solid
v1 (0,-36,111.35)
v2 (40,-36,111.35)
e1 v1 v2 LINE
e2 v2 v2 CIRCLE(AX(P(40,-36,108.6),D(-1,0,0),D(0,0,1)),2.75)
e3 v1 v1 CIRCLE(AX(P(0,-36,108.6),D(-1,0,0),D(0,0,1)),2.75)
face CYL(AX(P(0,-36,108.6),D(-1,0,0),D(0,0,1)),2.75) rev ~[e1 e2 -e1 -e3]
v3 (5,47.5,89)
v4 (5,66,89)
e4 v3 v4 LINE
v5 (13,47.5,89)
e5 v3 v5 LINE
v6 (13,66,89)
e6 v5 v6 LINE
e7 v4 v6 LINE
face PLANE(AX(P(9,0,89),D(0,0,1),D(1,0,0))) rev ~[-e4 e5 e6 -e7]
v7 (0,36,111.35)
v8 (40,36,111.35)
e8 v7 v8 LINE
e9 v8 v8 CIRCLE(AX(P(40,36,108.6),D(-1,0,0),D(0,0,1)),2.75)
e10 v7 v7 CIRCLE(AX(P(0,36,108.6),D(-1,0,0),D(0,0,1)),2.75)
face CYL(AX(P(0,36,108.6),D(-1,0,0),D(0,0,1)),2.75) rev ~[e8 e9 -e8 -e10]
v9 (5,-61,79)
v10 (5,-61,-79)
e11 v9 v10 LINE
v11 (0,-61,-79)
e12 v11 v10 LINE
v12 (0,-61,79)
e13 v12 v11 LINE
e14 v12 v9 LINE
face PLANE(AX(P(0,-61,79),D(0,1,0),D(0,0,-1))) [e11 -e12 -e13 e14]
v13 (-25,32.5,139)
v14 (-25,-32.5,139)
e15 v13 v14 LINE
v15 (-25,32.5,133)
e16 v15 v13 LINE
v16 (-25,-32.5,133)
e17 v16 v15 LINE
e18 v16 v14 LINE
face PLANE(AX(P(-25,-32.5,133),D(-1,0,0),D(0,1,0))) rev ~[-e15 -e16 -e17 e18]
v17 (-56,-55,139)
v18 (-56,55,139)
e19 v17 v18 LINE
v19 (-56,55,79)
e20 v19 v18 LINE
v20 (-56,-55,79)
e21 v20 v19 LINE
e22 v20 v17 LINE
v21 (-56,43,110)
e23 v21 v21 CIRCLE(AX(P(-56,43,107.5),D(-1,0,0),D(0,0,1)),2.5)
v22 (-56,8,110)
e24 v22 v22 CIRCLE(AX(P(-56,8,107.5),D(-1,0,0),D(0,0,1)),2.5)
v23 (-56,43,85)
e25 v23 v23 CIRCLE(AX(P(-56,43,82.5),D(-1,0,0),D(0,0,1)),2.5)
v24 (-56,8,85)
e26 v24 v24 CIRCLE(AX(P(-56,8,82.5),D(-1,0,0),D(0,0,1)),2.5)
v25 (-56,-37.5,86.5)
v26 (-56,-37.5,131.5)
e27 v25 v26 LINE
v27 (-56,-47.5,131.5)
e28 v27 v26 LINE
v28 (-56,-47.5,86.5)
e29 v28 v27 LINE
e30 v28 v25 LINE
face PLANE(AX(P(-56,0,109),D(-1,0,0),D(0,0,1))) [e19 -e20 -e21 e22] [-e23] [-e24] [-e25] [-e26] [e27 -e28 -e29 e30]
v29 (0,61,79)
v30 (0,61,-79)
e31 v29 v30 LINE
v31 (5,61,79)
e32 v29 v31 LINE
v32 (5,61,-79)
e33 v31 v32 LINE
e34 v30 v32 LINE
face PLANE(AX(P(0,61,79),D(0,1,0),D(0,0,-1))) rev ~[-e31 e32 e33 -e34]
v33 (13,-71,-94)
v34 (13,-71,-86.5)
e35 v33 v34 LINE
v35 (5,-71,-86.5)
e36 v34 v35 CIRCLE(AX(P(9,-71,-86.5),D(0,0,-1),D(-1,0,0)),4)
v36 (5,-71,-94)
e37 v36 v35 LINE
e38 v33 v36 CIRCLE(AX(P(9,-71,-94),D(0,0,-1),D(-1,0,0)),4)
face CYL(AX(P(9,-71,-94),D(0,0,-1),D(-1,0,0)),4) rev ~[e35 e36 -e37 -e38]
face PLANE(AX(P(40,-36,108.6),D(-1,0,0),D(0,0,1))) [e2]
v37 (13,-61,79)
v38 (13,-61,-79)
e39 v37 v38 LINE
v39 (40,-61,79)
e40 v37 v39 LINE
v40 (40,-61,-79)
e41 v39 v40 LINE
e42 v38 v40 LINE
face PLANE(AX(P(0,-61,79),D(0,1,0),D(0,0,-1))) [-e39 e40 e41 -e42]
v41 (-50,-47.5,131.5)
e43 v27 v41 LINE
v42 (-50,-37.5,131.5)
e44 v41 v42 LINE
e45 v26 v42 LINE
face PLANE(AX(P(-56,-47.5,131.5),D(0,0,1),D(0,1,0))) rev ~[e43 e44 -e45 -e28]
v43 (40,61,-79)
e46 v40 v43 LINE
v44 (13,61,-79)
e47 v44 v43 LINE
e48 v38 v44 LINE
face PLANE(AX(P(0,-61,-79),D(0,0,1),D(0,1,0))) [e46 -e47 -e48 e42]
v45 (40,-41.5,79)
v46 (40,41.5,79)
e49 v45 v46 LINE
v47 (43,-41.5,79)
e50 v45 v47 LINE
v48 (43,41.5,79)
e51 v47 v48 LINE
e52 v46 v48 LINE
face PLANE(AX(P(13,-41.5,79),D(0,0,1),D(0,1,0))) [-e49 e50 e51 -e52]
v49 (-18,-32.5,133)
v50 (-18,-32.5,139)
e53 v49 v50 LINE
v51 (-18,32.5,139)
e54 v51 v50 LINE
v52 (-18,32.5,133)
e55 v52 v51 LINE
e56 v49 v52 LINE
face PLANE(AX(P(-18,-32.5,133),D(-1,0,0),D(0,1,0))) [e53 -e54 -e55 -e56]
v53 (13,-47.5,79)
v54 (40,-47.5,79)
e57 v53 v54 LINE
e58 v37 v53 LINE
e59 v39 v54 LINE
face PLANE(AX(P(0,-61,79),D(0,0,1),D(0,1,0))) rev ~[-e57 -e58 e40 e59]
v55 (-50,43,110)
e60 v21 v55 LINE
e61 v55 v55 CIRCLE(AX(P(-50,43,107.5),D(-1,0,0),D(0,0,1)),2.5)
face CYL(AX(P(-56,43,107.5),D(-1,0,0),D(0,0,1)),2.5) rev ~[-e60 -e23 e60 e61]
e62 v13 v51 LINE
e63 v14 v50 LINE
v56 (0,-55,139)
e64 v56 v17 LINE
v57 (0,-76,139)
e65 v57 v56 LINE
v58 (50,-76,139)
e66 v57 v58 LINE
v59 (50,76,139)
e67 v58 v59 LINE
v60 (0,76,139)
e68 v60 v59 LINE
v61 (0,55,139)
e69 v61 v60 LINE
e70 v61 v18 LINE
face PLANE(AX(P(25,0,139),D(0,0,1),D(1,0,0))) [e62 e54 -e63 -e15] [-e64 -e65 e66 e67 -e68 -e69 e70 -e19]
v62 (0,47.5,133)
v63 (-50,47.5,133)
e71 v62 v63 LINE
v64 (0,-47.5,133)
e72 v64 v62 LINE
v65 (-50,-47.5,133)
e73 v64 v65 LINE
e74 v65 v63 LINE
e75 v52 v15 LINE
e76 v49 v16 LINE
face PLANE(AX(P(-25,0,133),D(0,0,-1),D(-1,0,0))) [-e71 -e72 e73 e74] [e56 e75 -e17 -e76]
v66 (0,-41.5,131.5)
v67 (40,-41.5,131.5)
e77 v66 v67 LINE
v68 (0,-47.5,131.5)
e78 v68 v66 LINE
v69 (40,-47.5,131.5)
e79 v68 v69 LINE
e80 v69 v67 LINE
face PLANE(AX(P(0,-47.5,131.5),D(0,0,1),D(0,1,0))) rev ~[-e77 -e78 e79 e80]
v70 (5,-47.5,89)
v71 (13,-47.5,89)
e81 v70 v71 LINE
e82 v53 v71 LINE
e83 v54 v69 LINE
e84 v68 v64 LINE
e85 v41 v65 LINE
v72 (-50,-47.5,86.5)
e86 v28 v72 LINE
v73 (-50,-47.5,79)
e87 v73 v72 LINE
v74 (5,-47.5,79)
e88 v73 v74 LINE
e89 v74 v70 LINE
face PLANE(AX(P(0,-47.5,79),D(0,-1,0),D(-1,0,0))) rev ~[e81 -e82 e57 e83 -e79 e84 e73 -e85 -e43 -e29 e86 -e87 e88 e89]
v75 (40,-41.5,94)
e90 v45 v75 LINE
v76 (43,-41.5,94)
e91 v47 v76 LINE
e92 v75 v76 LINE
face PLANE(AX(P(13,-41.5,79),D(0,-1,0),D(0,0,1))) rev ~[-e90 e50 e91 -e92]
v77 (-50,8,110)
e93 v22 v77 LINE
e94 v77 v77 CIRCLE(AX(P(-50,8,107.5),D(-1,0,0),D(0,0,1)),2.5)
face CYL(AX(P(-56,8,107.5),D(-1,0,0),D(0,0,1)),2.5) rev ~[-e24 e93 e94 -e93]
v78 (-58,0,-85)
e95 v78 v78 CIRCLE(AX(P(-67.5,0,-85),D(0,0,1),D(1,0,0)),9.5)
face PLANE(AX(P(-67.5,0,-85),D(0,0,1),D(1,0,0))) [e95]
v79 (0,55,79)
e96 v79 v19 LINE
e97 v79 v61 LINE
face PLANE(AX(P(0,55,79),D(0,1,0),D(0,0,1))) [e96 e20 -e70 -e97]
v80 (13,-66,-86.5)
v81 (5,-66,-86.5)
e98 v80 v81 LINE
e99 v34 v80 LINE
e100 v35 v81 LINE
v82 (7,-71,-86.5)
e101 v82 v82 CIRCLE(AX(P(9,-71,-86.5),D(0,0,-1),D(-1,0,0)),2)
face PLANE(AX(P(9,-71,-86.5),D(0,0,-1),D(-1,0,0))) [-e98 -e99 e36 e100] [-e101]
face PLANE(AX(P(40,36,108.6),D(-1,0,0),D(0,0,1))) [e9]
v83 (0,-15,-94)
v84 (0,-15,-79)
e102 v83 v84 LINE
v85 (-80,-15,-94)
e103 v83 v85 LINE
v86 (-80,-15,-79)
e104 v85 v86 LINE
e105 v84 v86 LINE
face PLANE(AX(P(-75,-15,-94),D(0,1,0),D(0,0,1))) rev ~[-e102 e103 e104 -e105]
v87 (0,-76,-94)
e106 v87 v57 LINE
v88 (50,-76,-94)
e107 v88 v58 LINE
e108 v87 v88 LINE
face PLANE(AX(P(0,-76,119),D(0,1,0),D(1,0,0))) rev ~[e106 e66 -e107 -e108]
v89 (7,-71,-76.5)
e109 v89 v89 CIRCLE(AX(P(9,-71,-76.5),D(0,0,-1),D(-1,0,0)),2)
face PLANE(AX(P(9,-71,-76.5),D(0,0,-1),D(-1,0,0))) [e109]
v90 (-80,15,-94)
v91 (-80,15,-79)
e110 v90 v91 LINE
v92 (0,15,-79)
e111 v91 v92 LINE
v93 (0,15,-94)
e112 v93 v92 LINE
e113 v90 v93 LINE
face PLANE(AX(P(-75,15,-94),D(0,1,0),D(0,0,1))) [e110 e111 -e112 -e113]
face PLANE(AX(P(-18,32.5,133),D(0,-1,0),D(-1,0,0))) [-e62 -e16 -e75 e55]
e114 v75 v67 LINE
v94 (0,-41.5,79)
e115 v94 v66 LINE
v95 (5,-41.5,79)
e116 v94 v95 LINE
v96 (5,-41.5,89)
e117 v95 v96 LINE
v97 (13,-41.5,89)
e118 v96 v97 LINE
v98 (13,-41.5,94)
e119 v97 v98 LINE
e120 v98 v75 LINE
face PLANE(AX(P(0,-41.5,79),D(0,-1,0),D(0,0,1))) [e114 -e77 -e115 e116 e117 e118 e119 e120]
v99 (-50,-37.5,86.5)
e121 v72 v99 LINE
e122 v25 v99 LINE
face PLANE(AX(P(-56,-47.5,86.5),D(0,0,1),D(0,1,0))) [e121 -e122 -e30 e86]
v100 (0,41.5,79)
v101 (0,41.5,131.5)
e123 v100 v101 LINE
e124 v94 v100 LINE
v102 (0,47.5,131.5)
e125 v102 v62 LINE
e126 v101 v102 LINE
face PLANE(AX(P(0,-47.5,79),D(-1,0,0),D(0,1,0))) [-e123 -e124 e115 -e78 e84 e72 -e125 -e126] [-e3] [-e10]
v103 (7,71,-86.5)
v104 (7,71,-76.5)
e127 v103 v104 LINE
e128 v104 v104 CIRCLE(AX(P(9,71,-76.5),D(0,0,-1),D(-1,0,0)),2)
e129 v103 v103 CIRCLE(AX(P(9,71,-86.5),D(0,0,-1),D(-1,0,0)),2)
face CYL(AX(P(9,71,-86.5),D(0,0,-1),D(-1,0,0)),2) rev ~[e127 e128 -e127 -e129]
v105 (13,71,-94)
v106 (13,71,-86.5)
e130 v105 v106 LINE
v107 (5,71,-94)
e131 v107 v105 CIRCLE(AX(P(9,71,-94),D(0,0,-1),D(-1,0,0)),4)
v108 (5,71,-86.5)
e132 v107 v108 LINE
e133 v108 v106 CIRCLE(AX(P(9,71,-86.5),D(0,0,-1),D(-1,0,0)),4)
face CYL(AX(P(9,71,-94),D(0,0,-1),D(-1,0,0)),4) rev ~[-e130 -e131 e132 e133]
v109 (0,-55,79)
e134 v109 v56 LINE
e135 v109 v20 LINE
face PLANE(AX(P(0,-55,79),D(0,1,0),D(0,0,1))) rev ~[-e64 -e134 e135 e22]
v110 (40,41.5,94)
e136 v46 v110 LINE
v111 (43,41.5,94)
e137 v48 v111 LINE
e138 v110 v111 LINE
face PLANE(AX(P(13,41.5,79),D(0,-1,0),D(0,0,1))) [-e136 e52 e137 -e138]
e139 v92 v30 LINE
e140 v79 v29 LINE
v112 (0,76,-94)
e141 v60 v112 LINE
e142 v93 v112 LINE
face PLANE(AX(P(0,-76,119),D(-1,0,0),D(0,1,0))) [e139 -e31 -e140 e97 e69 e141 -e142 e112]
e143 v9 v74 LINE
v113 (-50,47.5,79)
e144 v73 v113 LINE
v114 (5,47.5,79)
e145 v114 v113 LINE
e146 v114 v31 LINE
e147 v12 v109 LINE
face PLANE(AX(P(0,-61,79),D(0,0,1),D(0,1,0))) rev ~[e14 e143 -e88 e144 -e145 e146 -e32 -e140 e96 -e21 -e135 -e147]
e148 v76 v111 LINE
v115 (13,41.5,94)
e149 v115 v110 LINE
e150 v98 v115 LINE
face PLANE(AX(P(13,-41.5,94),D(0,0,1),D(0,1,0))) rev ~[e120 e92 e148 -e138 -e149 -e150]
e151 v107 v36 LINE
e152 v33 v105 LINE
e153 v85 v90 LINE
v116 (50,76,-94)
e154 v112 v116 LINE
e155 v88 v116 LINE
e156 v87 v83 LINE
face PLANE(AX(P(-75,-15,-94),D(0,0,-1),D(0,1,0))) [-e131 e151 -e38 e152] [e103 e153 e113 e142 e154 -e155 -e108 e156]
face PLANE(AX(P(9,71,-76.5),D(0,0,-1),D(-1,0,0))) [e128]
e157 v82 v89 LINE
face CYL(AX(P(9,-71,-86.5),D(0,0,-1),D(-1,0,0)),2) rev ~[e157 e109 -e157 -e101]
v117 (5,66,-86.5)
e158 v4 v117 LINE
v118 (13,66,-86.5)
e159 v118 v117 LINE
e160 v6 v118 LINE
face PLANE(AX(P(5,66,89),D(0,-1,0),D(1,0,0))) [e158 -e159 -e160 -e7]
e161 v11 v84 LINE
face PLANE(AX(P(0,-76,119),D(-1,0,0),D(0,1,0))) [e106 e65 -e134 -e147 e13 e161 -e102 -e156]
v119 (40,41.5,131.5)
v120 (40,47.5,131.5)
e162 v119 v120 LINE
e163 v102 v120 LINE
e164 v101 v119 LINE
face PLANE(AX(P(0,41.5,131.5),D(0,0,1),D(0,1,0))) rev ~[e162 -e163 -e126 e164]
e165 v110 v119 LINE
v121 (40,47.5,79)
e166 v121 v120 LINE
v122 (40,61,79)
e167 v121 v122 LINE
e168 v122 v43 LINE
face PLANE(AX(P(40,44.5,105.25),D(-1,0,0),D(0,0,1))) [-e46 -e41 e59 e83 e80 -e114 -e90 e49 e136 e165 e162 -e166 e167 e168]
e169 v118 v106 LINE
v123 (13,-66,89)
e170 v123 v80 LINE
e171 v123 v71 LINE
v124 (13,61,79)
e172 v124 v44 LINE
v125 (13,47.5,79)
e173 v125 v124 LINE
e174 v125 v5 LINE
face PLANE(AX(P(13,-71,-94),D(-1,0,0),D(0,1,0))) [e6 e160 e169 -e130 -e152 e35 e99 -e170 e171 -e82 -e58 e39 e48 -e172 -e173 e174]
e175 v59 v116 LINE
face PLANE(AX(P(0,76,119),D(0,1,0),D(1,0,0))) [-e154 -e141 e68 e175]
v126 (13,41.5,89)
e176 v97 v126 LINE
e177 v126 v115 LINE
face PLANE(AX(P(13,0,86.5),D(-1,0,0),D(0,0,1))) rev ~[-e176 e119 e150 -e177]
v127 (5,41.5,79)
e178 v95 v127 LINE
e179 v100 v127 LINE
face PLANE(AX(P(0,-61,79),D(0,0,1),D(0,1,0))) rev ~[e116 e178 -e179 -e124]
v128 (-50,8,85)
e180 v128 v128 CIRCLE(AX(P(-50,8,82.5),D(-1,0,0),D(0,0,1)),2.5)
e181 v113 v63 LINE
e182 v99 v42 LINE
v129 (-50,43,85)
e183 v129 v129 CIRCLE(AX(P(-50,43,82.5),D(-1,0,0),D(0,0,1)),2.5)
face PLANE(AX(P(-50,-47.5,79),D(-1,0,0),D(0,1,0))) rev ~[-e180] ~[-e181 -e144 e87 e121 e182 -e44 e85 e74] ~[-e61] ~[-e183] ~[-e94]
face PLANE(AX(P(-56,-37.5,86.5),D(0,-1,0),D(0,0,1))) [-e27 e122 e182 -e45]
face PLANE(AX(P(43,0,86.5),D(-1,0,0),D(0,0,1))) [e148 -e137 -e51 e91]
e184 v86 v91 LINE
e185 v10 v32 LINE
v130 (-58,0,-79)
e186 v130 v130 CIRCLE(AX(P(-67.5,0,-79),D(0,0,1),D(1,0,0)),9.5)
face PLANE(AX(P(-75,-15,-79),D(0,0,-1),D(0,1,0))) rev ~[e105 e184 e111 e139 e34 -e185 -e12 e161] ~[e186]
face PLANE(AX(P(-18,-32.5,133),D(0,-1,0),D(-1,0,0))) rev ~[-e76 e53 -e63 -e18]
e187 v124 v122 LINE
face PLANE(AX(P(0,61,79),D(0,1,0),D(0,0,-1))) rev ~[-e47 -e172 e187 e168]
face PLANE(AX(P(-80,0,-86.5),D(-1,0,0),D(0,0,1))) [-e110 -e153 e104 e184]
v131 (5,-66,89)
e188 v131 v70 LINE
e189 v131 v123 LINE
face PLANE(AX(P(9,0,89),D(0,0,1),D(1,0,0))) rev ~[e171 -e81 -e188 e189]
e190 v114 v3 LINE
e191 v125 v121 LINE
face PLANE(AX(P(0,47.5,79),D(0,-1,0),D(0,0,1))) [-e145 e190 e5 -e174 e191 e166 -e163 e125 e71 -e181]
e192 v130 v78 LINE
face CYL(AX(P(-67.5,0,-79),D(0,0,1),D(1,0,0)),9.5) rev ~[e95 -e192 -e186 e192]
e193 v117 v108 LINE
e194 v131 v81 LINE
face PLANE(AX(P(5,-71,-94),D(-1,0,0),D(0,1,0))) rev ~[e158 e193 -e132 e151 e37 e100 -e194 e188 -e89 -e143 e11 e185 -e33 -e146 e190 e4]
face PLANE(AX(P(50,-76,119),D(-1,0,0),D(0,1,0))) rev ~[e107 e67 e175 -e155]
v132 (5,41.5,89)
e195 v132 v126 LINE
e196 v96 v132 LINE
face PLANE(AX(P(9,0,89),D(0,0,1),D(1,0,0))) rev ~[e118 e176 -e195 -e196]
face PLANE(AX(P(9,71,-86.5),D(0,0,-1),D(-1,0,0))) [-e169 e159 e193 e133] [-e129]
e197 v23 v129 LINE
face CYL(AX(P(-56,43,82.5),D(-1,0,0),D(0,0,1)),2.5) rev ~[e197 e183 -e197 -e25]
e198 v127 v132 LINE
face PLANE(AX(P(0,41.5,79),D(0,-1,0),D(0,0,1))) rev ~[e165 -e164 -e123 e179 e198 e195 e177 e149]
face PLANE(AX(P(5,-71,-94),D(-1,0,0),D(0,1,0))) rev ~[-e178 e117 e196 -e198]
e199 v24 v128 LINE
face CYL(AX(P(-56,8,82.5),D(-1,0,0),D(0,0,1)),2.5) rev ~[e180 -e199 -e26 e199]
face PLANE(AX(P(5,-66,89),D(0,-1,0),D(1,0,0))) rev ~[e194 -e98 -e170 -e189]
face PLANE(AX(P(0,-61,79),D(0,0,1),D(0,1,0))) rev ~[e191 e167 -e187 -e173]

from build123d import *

# Parameters (mm, degrees)
SKETCH1_W                = 238
SKETCH1_H                = 152
SKETCH1_W_2              = 158
SKETCH1_H_2              = 122
BOSS_EXTRUDE1_DEPTH      = 50
SKETCH4_W                = 158
SKETCH4_H                = 122
BOSS_EXTRUDE2_DEPTH      = 10
CUT_EXTRUDE1_START       = -30
SKETCH5_W                = 8
SKETCH5_H                = 132
CUT_EXTRUDE1_DEPTH       = 204
SKETCH8_W                = 25
SKETCH8_H                = 152
CUT_EXTRUDE3_DEPTH       = 50
SKETCH11_W               = 15
SKETCH11_H               = 30
BOSS_EXTRUDE4_DEPTH      = 75
SKETCH16_W               = 15
SKETCH16_H               = 30
BOSS_EXTRUDE6_DEPTH      = 5
SKETCH18_R               = 4
SKETCH18_W               = 8
SKETCH18_H               = 5
CUT_EXTRUDE8_DEPTH       = 7.5
SKETCH19_R               = 2
CUT_EXTRUDE9_DEPTH       = 10
SKETCH20_W               = 50
SKETCH20_H               = 152
BOSS_EXTRUDE7_DEPTH      = 20
SKETCH21_W               = 60
SKETCH21_H               = 110
BOSS_EXTRUDE8_DEPTH      = 56
SKETCH22_W               = 50
SKETCH22_H               = 95
CUT_EXTRUDE10_DEPTH      = 54
SKETCH24_R               = 2.75
CUT_EXTRUDE11_DEPTH      = 1
CUT_EXTRUDE11_DEPTH_BACK = 40
SKETCH25_W               = 7
SKETCH25_H               = 65
CUT_EXTRUDE12_DEPTH      = 12
SKETCH26_W               = 52.5
SKETCH26_H               = 6
CUT_EXTRUDE13_DEPTH      = 40
SKETCH27_W               = 15
SKETCH27_H               = 83
CUT_EXTRUDE14_DEPTH      = 30
SKETCH29_R               = 9.5
CUT_EXTRUDE15_DEPTH      = 6
SKETCH30_R               = 2.5
CUT_EXTRUDE16_DEPTH      = 6
SKETCH34_W               = 45
SKETCH34_H               = 10
CUT_EXTRUDE17_DEPTH      = 10


with BuildPart() as part:
    # Sketch1 → Boss-Extrude1 (new body)
    with BuildSketch(Plane(origin=(0, 0, 0), x_dir=(0, 0, -1), z_dir=(1, 0, 0))):
        Rectangle(SKETCH1_W, SKETCH1_H)
        Rectangle(SKETCH1_W_2, SKETCH1_H_2, mode=Mode.SUBTRACT)
    extrude(amount=BOSS_EXTRUDE1_DEPTH)

    # Sketch4 → Boss-Extrude2 (add)
    with BuildSketch(Plane(origin=(50, 0, 0), x_dir=(0, 0, -1), z_dir=(1, 0, 0))):
        Rectangle(SKETCH4_W, SKETCH4_H)
    extrude(amount=-BOSS_EXTRUDE2_DEPTH)

    # Sketch5 → Cut-Extrude1 (cut)
    with BuildSketch(Plane.XY.offset(119).offset(CUT_EXTRUDE1_START)):
        with Locations((9, 0)):
            Rectangle(SKETCH5_W, SKETCH5_H)
    extrude(amount=-CUT_EXTRUDE1_DEPTH, mode=Mode.SUBTRACT)

    # Sketch8 → Cut-Extrude3 (cut)
    with BuildSketch(Plane.ZY):
        with Locations((-106.5, 0)):
            Rectangle(SKETCH8_W, SKETCH8_H)
    extrude(amount=-CUT_EXTRUDE3_DEPTH, mode=Mode.SUBTRACT)

    # Sketch11 → Boss-Extrude4 (add)
    with BuildSketch(Plane.ZY):
        with Locations((-86.5, 0)):
            Rectangle(SKETCH11_W, SKETCH11_H)
    extrude(amount=BOSS_EXTRUDE4_DEPTH)

    # Sketch16 → Boss-Extrude6 (add)
    with BuildSketch(Plane.ZY.offset(75)):
        with Locations((-86.5, 0)):
            Rectangle(SKETCH16_W, SKETCH16_H)
    extrude(amount=BOSS_EXTRUDE6_DEPTH)

    # Sketch18 → Cut-Extrude8 (cut)
    with BuildSketch(Plane(origin=(0, 0, -94), x_dir=(-1, 0, 0), z_dir=(0, 0, -1))):
        with Locations((-9, 71)):
            Circle(SKETCH18_R)
        with Locations((-9, -71)):
            Circle(SKETCH18_R)
        with Locations((-9, 68.5)):
            Rectangle(SKETCH18_W, SKETCH18_H)
        with Locations((-9, -68.5)):
            Rectangle(SKETCH18_W, SKETCH18_H)
    extrude(amount=-CUT_EXTRUDE8_DEPTH, mode=Mode.SUBTRACT)

    # Sketch19 → Cut-Extrude9 (cut)
    with BuildSketch(Plane(origin=(0, 0, -86.5), x_dir=(-1, 0, 0), z_dir=(0, 0, -1))):
        with Locations((-9, 71)):
            Circle(SKETCH19_R)
        with Locations((-9, -71)):
            Circle(SKETCH19_R)
    extrude(amount=-CUT_EXTRUDE9_DEPTH, mode=Mode.SUBTRACT)

    # Sketch20 → Boss-Extrude7 (add)
    with BuildSketch(Plane.XY.offset(119)):
        with Locations((25, 0)):
            Rectangle(SKETCH20_W, SKETCH20_H)
    extrude(amount=BOSS_EXTRUDE7_DEPTH)

    # Sketch21 → Boss-Extrude8 (add)
    with BuildSketch(Plane.ZY):
        with Locations((109, 0)):
            Rectangle(SKETCH21_W, SKETCH21_H)
    extrude(amount=BOSS_EXTRUDE8_DEPTH)

    # Sketch22 → Cut-Extrude10 (cut)
    with BuildSketch(Plane(origin=(0, 0, 79), x_dir=(-1, 0, 0), z_dir=(0, 0, -1))):
        with Locations((25, 0)):
            Rectangle(SKETCH22_W, SKETCH22_H)
    extrude(amount=-CUT_EXTRUDE10_DEPTH, mode=Mode.SUBTRACT)

    # Sketch24 → Cut-Extrude11 (cut, two sides)
    with BuildSketch(Plane.ZY) as cut_extrude11_sk:
        with Locations((108.6, 36)):
            Circle(SKETCH24_R)
        with Locations((108.6, -36)):
            Circle(SKETCH24_R)
    extrude(amount=CUT_EXTRUDE11_DEPTH, mode=Mode.SUBTRACT)
    extrude(cut_extrude11_sk.sketch, amount=-CUT_EXTRUDE11_DEPTH_BACK, mode=Mode.SUBTRACT)

    # Sketch25 → Cut-Extrude12 (cut)
    with BuildSketch(Plane(origin=(0, 0, 133), x_dir=(-1, 0, 0), z_dir=(0, 0, -1))):
        with Locations((21.5, 0)):
            Rectangle(SKETCH25_W, SKETCH25_H)
    extrude(amount=-CUT_EXTRUDE12_DEPTH, mode=Mode.SUBTRACT)

    # Sketch26 → Cut-Extrude13 (cut)
    with BuildSketch(Plane.ZY):
        with Locations((105.25, 44.5)):
            Rectangle(SKETCH26_W, SKETCH26_H)
        with Locations((105.25, -44.5)):
            Rectangle(SKETCH26_W, SKETCH26_H)
    extrude(amount=-CUT_EXTRUDE13_DEPTH, mode=Mode.SUBTRACT)

    # Sketch27 → Cut-Extrude14 (cut)
    with BuildSketch(Plane.ZY.offset(-13)):
        with Locations((86.5, 0)):
            Rectangle(SKETCH27_W, SKETCH27_H)
    extrude(amount=-CUT_EXTRUDE14_DEPTH, mode=Mode.SUBTRACT)

    # Sketch29 → Cut-Extrude15 (cut)
    with BuildSketch(Plane.XY.offset(-79)):
        with Locations((-67.5, 0)):
            Circle(SKETCH29_R)
    extrude(amount=-CUT_EXTRUDE15_DEPTH, mode=Mode.SUBTRACT)

    # Sketch30 → Cut-Extrude16 (cut)
    with BuildSketch(Plane.ZY.offset(56)):
        with Locations((82.5, 8)):
            Circle(SKETCH30_R)
        with Locations((107.5, 8)):
            Circle(SKETCH30_R)
        with Locations((82.5, 43)):
            Circle(SKETCH30_R)
        with Locations((107.5, 43)):
            Circle(SKETCH30_R)
    extrude(amount=-CUT_EXTRUDE16_DEPTH, mode=Mode.SUBTRACT)

    # Sketch34 → Cut-Extrude17 (cut)
    with BuildSketch(Plane.ZY.offset(56)):
        with Locations((109, -42.5)):
            Rectangle(SKETCH34_W, SKETCH34_H)
    extrude(amount=-CUT_EXTRUDE17_DEPTH, mode=Mode.SUBTRACT)


solid = part.part
